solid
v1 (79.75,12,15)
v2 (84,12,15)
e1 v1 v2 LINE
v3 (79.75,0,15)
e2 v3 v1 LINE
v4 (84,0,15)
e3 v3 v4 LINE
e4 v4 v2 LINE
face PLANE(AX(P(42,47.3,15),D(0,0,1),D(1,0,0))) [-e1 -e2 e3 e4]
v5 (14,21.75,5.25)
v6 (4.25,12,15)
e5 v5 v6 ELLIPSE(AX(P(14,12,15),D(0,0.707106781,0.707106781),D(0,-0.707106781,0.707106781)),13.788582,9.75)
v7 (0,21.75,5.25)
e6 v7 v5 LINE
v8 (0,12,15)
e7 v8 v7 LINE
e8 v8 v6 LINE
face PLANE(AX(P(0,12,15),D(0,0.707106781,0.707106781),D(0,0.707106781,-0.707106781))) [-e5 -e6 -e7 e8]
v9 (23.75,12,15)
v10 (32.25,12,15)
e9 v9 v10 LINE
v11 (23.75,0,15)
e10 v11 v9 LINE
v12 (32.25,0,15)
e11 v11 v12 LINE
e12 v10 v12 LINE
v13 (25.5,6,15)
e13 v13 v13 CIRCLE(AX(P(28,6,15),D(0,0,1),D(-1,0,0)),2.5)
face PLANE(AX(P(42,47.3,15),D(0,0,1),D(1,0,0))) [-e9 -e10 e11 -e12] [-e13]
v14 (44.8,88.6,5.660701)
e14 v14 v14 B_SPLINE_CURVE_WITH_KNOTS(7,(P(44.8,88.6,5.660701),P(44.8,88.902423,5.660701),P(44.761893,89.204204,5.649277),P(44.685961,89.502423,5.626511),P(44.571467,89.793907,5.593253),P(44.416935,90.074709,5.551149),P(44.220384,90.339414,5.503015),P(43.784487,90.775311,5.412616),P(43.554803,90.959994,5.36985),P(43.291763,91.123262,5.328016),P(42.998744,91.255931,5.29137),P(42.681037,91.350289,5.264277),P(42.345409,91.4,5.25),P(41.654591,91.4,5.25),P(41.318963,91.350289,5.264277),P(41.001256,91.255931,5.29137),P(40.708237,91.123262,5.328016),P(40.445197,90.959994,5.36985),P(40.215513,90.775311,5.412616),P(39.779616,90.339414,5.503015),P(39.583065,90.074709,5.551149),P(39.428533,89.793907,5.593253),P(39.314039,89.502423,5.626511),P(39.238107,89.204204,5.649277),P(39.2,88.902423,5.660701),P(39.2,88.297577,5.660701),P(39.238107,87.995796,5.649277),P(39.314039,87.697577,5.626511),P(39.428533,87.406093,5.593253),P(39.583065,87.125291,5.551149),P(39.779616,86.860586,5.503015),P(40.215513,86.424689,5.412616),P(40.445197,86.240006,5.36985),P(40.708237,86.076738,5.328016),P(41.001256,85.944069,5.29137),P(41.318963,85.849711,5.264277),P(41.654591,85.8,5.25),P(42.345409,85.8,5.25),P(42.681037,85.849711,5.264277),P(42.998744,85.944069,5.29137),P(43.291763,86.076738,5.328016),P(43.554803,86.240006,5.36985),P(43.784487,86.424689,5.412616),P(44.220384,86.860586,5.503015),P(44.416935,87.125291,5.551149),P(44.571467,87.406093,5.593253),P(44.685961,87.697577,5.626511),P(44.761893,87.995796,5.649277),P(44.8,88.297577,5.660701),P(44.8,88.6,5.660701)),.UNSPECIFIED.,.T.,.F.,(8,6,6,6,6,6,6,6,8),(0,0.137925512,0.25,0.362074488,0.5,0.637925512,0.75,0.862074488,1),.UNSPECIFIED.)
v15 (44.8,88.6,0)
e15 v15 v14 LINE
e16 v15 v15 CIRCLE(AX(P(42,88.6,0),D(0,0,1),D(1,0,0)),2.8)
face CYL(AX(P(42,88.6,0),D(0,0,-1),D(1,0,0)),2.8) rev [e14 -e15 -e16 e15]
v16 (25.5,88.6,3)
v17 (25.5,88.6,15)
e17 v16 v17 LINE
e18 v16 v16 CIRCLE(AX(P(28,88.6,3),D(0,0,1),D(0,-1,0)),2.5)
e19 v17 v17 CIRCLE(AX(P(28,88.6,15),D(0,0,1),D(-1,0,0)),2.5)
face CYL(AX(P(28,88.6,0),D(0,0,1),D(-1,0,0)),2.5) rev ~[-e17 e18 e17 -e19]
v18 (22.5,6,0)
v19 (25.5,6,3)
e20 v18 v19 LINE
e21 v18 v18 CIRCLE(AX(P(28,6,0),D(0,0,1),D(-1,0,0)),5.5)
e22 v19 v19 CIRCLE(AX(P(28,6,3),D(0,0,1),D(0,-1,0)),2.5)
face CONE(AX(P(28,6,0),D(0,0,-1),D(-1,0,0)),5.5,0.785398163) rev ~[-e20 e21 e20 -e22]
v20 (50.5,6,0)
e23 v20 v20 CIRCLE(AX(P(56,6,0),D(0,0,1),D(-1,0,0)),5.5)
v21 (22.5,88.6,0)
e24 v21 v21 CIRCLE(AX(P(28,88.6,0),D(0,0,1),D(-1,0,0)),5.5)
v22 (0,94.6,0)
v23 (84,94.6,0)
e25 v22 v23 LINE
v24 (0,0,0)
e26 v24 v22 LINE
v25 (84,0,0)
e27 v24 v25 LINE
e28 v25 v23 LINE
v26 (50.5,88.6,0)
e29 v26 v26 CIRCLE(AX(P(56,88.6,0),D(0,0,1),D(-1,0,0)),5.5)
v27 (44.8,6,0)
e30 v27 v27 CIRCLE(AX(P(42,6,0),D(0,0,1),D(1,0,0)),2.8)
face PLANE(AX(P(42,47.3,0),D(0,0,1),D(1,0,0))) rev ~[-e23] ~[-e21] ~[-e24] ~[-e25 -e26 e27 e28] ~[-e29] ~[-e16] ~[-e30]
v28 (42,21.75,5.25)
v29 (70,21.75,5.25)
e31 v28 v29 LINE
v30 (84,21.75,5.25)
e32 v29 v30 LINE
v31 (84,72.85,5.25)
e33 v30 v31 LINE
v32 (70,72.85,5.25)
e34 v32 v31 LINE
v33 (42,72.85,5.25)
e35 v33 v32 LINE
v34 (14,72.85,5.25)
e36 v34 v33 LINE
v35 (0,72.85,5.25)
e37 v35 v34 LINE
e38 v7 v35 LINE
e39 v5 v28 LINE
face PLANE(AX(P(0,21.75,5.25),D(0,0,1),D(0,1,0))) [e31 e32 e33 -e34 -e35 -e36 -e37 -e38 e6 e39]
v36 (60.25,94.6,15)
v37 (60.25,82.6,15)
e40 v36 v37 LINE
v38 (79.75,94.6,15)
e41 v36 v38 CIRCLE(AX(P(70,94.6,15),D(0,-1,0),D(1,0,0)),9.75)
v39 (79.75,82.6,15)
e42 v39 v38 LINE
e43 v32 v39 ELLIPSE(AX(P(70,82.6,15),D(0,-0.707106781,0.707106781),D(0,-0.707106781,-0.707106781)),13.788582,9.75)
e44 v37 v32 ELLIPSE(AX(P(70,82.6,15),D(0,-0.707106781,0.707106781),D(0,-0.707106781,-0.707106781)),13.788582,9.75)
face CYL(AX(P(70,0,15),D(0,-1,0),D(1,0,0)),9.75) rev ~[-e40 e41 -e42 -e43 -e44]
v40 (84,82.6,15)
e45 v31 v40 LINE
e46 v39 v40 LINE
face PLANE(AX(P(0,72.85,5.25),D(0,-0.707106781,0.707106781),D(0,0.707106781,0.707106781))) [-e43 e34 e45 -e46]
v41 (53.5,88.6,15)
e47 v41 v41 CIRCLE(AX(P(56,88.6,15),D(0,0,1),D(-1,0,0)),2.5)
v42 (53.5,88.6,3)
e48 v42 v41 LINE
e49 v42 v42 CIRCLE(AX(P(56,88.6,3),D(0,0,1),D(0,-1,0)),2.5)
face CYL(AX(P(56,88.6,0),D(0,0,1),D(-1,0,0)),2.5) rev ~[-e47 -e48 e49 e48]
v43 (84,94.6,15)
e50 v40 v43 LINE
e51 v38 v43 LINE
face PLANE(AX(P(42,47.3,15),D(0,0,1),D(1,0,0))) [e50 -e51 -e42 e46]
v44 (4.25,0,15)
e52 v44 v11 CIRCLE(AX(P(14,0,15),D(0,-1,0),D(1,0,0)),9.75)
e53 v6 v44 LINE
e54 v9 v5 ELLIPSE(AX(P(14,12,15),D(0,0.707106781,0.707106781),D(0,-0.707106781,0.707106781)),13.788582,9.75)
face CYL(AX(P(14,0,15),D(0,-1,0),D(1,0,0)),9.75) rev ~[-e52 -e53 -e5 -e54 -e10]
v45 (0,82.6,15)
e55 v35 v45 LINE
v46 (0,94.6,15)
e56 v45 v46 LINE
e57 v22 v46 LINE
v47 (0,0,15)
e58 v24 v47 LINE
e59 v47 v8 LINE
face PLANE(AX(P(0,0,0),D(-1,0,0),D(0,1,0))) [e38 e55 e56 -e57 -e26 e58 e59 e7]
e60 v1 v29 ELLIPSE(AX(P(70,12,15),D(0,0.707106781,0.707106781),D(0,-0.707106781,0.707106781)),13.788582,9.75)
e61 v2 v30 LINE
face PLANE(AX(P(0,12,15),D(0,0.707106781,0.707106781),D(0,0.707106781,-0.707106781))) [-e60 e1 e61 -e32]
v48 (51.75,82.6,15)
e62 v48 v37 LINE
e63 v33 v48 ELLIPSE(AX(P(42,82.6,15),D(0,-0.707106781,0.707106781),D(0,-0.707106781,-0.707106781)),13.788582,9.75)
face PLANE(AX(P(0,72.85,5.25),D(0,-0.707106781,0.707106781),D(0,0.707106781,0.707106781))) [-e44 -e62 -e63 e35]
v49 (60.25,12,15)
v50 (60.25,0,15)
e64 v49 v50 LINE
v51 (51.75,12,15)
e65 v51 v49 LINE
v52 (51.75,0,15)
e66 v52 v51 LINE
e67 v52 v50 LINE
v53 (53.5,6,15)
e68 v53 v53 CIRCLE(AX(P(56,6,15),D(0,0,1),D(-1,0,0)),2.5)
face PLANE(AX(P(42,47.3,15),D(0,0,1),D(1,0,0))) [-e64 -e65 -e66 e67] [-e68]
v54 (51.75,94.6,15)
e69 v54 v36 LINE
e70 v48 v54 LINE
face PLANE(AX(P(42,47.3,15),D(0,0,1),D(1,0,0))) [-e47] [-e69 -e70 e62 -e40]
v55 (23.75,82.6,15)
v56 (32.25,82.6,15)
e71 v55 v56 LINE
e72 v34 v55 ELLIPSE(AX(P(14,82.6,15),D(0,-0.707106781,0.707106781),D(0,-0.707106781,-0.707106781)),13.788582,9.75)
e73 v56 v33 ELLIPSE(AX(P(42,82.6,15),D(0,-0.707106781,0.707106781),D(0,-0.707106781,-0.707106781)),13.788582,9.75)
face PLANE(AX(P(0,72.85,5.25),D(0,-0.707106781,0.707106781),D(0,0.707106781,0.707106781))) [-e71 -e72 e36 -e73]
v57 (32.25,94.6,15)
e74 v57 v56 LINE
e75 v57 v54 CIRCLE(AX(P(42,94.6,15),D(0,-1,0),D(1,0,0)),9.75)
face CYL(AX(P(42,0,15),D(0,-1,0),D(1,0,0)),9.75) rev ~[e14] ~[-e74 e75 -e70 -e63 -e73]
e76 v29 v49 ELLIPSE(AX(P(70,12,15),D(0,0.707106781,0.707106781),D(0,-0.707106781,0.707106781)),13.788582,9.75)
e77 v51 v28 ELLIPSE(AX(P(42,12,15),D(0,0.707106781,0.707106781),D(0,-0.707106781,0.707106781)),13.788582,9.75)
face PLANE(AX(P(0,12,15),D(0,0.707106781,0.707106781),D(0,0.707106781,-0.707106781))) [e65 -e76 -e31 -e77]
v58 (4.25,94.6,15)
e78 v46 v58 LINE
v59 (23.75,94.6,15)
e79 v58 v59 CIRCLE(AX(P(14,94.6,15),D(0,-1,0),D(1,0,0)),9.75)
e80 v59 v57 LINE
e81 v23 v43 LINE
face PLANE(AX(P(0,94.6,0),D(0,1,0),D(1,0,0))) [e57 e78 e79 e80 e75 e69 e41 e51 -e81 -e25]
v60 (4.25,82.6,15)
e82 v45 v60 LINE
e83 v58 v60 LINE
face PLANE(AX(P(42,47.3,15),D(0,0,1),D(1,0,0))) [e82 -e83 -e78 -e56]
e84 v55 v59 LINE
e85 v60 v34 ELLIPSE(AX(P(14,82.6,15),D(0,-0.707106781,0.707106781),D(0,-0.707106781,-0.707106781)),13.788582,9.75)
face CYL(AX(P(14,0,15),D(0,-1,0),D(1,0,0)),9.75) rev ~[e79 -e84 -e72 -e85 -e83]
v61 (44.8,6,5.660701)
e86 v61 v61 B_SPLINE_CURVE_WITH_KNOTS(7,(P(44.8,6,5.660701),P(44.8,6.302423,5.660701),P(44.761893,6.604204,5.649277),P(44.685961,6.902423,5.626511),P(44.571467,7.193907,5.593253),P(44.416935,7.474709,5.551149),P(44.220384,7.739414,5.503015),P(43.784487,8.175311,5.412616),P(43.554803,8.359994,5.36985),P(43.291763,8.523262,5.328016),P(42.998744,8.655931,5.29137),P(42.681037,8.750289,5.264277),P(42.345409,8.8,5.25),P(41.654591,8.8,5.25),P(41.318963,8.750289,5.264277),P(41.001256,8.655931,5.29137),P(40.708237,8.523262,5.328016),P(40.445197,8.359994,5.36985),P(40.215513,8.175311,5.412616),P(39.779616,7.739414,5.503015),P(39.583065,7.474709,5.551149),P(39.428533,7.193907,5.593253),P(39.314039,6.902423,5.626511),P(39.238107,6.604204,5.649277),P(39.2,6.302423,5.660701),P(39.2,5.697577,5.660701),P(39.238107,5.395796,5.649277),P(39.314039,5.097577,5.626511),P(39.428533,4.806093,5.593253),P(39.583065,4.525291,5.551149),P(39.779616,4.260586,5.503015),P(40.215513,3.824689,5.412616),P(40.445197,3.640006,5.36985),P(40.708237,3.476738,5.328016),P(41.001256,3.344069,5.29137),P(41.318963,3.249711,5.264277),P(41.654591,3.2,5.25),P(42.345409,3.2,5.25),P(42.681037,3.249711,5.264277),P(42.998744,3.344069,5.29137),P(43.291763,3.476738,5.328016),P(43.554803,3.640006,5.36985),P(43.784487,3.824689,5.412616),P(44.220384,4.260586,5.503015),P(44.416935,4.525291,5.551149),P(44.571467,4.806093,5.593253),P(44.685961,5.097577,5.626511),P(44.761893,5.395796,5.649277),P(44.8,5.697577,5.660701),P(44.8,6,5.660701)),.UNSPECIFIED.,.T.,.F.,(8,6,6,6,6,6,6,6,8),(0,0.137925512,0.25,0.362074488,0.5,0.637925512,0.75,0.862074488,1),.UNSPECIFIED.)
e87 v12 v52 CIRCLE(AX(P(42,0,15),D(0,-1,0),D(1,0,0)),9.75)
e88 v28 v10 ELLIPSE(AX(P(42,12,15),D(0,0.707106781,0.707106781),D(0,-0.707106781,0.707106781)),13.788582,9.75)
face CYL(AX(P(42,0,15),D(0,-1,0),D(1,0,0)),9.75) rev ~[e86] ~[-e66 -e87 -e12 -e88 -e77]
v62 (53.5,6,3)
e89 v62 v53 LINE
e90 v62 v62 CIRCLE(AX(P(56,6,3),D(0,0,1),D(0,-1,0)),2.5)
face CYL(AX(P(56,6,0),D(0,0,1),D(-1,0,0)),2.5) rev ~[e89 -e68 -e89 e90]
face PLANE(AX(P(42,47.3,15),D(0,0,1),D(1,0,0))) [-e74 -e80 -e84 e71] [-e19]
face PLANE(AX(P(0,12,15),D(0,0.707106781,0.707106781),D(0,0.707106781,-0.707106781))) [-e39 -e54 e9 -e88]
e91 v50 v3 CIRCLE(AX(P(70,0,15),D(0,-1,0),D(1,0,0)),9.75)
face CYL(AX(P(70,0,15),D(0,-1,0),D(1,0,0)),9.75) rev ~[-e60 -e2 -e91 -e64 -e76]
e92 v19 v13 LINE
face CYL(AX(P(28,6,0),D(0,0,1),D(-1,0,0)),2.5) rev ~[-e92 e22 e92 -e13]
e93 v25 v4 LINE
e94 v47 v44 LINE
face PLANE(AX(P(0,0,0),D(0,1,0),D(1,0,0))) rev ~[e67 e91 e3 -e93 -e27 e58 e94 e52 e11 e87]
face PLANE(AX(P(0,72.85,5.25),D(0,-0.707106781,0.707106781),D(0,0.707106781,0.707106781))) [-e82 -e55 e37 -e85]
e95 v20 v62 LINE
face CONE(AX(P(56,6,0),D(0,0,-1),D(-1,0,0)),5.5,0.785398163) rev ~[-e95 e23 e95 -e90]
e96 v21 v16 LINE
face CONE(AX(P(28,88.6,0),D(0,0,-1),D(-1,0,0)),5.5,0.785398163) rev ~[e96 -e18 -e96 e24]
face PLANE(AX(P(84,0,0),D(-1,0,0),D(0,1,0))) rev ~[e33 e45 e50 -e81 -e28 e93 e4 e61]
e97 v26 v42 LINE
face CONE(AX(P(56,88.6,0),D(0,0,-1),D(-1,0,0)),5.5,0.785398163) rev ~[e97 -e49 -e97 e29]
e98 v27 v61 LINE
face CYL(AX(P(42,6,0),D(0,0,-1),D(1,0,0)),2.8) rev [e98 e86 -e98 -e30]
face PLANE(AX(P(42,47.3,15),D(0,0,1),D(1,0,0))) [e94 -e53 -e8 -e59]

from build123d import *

# Parameters (mm, degrees)
SKETCH_W            = 84
SKETCH_H            = 94.6
PAD_DEPTH           = 15
SKETCH001_R         = 9.75
POCKET_DEPTH        = 94.601
LINEARPATTERN_COUNT = 3
LINEARPATTERN_PITCH = 28
HOLE_D              = 5
HOLE_DEPTH          = 25
HOLE_CSINK_D        = 11
HOLE_CSINK_ANGLE    = 90
SKETCH003_R         = 2.8
POCKET001_DEPTH     = 15.001
POCKET002_DEPTH     = 84.001


with BuildPart() as part:
    # Sketch → Pad (new body)
    with BuildSketch(Plane.XY):
        with Locations((42, 47.3)):
            Rectangle(SKETCH_W, SKETCH_H)
    extrude(amount=PAD_DEPTH)

    # Sketch001 (on DatumPlane) → Pocket (cut, through all)
    with BuildSketch(Plane.XZ):
        with Locations((14, 15)):
            Circle(SKETCH001_R)
    pocket = extrude(amount=-POCKET_DEPTH, mode=Mode.SUBTRACT)

    # LinearPattern: Pocket ×3
    with Locations(*[(i * LINEARPATTERN_PITCH, 0, 0) for i in range(1, LINEARPATTERN_COUNT)]):
        add(pocket, mode=Mode.SUBTRACT)

    # Hole
    with Locations(Plane(origin=(0, 0, 0), x_dir=(1, 0, 0), z_dir=(0, 0, -1))):
        with Locations((28, -6), (56, -6), (28, -88.6), (56, -88.6)):
            CounterSinkHole(HOLE_D / 2, HOLE_CSINK_D / 2, depth=HOLE_DEPTH, counter_sink_angle=HOLE_CSINK_ANGLE)

    # Sketch003 → Pocket001 (cut, through all)
    with BuildSketch(Plane.XY):
        with Locations((42, 88.6)):
            Circle(SKETCH003_R)
        with Locations((42, 6)):
            Circle(SKETCH003_R)
    extrude(amount=POCKET001_DEPTH, mode=Mode.SUBTRACT)

    # Sketch004 (on DatumPlane) → Pocket002 (cut, through all)
    with BuildSketch(Plane.YZ):
        Polygon((82.6, 15), (12, 15), (21.75, 5.25), (72.85, 5.25), align=None)
    extrude(amount=POCKET002_DEPTH, mode=Mode.SUBTRACT)


solid = part.part
